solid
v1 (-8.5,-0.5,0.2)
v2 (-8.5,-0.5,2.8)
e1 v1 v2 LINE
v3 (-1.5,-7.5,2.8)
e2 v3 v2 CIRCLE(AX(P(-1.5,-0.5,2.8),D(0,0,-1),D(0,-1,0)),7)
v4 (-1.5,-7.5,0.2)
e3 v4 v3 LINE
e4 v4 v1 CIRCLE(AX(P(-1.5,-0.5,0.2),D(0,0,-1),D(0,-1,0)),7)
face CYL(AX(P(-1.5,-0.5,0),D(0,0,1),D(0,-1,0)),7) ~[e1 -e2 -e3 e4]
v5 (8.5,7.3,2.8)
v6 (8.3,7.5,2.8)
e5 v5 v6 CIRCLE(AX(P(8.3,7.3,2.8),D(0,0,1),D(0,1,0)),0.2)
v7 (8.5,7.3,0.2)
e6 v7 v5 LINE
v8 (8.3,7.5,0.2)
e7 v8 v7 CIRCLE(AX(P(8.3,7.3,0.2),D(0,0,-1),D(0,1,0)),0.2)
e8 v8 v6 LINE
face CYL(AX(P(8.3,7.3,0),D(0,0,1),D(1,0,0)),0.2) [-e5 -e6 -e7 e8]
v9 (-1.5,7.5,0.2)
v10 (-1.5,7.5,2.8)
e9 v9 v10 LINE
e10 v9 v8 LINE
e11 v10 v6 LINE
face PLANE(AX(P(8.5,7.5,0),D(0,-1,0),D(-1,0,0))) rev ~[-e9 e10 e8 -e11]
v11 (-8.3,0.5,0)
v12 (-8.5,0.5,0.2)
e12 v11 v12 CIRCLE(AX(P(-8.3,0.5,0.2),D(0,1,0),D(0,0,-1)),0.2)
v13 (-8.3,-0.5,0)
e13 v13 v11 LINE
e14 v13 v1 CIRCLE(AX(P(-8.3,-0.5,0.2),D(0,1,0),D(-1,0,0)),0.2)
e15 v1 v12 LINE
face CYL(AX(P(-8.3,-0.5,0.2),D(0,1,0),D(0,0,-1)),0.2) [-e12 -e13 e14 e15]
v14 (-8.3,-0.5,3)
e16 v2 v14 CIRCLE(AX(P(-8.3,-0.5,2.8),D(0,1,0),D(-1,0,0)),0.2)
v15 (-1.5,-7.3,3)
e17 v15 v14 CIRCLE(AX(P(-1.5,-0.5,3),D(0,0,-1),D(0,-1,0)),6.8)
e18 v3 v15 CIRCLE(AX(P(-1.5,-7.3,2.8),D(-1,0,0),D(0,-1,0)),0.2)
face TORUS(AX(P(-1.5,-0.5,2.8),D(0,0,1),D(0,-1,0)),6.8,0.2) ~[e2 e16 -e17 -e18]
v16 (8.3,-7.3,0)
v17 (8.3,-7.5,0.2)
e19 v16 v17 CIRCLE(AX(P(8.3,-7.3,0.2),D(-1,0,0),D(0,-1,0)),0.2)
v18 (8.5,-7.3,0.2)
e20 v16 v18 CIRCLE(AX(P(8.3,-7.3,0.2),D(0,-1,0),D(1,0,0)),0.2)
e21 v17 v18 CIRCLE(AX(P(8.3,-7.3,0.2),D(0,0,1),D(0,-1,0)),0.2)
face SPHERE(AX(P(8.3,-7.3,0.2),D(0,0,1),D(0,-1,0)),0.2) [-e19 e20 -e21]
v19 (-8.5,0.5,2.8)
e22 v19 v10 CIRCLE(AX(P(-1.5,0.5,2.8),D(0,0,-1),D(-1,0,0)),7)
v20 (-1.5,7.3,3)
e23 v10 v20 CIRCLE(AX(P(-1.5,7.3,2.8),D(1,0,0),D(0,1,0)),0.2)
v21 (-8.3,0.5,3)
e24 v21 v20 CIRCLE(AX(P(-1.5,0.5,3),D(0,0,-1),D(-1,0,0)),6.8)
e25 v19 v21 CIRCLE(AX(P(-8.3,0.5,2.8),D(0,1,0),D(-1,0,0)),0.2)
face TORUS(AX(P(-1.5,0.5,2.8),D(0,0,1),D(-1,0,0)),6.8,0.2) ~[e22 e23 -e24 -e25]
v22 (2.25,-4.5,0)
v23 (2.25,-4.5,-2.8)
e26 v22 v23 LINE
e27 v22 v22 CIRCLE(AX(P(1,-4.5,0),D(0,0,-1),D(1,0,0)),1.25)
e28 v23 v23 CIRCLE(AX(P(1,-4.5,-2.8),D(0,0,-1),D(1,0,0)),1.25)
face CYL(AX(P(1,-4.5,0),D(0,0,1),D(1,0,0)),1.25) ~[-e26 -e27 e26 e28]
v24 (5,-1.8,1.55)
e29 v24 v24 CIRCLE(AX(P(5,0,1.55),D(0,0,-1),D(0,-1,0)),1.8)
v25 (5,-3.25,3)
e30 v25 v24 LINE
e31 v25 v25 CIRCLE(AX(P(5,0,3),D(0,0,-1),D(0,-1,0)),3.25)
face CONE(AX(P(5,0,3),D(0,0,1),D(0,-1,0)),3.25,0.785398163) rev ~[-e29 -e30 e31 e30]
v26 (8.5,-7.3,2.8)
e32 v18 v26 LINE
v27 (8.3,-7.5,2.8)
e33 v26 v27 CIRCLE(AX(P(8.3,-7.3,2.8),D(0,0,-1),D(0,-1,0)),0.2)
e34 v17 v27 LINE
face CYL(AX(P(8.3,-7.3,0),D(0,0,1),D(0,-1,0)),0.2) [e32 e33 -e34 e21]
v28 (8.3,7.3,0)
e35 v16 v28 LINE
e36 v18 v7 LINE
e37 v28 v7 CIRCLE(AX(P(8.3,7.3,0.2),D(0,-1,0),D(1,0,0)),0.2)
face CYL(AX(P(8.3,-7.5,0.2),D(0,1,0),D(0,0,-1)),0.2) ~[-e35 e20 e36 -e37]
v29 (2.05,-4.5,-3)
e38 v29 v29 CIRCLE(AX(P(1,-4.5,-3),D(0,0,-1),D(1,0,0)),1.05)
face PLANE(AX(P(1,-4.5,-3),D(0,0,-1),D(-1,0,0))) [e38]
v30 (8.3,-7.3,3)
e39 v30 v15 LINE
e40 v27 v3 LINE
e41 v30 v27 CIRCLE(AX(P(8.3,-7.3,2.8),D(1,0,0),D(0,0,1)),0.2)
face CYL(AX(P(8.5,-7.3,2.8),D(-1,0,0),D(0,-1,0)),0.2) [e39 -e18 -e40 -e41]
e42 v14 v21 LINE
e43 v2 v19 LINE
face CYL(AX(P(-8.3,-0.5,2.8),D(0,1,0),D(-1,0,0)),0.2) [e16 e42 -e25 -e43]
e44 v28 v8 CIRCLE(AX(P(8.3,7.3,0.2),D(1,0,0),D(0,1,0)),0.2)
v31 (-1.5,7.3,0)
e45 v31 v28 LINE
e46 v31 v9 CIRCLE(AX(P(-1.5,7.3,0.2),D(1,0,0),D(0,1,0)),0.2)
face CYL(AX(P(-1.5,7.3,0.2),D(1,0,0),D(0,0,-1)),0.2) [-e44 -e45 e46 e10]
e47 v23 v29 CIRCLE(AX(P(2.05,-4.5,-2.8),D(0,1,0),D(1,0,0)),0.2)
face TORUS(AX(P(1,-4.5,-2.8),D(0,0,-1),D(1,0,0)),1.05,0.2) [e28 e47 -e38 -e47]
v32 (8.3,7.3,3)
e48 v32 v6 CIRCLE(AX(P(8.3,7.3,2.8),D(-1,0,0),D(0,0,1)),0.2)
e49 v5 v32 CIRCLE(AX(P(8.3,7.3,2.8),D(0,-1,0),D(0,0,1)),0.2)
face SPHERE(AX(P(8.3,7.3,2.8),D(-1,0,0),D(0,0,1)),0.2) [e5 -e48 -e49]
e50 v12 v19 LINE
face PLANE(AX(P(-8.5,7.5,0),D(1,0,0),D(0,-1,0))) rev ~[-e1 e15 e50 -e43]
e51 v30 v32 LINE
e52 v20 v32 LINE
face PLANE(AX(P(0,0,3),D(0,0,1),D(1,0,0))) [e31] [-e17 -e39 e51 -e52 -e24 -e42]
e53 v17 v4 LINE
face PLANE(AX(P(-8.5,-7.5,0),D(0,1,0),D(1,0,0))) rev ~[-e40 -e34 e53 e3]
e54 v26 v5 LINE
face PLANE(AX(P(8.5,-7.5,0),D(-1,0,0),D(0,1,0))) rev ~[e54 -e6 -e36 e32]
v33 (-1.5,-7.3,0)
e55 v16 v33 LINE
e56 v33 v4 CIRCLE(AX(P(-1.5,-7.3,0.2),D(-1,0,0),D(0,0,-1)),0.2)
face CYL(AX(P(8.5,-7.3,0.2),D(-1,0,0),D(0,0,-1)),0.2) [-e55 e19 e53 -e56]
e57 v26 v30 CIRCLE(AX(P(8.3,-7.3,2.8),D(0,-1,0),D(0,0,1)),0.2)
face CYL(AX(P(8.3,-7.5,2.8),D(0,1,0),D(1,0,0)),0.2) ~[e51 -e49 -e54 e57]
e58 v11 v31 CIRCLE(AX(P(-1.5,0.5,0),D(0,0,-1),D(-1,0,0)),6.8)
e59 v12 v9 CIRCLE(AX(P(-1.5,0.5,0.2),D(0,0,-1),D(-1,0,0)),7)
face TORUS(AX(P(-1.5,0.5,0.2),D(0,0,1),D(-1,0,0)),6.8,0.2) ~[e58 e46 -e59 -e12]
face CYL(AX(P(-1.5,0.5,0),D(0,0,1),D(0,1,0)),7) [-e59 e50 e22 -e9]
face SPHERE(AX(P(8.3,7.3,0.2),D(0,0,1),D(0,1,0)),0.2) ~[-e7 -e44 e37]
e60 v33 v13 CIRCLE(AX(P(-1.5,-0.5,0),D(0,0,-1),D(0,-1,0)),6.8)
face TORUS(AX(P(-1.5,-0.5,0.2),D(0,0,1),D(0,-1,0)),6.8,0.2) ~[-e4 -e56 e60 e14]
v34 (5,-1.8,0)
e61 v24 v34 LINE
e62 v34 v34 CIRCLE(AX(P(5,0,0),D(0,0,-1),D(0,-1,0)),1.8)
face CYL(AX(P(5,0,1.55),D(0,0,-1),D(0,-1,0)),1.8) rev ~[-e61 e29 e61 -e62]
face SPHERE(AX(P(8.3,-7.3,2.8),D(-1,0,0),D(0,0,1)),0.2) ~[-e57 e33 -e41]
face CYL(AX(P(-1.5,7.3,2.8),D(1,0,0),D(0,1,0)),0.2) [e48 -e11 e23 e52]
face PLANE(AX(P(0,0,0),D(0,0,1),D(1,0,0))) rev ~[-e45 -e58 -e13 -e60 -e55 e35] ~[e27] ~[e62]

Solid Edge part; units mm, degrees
sketch "Sketch1" plane through (0, 0, 0) normal (0, 0, 1) x (1, 0, 0)
  line L0 (-8.5, -7.5) -> (8.5, -7.5)
  line L1 (8.5, -7.5) -> (8.5, 7.5)
  line L2 (8.5, 7.5) -> (-8.5, 7.5)
  line L3 (-8.5, 7.5) -> (-8.5, -7.5)
  dimension "D1" = 17
  dimension "D2" = 15
extrude "Protrusion1" add sketch "Sketch1" along normal blind 3
fillet "Verrundung_1" radius 7 2 edges at (-8.5, -7.5, 1.5) (-8.5, 7.5, 1.5)
hole "Bohrung_1" at (5, 0, 3) direction (0, 0, -1) diameter 3.6 depth 3 countersink diameter 6.5 countersink angle 90
sketch "Sketch2" plane through (0, 0, 0) normal (0, 0, -1) x (1, 0, 0)
  circle A0 centre (1, 4.5) radius 1.25
  dimension "D1" = 2.5
  dimension "D2" = 4
  dimension "D3" = 12
extrude "v_3" add sketch "Sketch2" along normal blind 3
fillet "Verrundung_2" radius 0.2 1 edges at (-0.25, -4.5, -3)
fillet "Verrundung_3" radius 0.2 14 edges at (-6.4497, -5.4497, 3) (3.5, -7.5, 3) (-8.5, 0, 3) (-6.4497, 5.4497, 3) (3.5, 7.5, 3) (8.5, 0, 3) (8.5, -7.5, 1.5) (8.5, 7.5, 1.5) (-6.4497, -5.4497, 0) (-8.5, 0, 0) (-6.4497, 5.4497, 0) (3.5, 7.5, 0) (3.5, -7.5, 0) (8.5, 0, 0)
